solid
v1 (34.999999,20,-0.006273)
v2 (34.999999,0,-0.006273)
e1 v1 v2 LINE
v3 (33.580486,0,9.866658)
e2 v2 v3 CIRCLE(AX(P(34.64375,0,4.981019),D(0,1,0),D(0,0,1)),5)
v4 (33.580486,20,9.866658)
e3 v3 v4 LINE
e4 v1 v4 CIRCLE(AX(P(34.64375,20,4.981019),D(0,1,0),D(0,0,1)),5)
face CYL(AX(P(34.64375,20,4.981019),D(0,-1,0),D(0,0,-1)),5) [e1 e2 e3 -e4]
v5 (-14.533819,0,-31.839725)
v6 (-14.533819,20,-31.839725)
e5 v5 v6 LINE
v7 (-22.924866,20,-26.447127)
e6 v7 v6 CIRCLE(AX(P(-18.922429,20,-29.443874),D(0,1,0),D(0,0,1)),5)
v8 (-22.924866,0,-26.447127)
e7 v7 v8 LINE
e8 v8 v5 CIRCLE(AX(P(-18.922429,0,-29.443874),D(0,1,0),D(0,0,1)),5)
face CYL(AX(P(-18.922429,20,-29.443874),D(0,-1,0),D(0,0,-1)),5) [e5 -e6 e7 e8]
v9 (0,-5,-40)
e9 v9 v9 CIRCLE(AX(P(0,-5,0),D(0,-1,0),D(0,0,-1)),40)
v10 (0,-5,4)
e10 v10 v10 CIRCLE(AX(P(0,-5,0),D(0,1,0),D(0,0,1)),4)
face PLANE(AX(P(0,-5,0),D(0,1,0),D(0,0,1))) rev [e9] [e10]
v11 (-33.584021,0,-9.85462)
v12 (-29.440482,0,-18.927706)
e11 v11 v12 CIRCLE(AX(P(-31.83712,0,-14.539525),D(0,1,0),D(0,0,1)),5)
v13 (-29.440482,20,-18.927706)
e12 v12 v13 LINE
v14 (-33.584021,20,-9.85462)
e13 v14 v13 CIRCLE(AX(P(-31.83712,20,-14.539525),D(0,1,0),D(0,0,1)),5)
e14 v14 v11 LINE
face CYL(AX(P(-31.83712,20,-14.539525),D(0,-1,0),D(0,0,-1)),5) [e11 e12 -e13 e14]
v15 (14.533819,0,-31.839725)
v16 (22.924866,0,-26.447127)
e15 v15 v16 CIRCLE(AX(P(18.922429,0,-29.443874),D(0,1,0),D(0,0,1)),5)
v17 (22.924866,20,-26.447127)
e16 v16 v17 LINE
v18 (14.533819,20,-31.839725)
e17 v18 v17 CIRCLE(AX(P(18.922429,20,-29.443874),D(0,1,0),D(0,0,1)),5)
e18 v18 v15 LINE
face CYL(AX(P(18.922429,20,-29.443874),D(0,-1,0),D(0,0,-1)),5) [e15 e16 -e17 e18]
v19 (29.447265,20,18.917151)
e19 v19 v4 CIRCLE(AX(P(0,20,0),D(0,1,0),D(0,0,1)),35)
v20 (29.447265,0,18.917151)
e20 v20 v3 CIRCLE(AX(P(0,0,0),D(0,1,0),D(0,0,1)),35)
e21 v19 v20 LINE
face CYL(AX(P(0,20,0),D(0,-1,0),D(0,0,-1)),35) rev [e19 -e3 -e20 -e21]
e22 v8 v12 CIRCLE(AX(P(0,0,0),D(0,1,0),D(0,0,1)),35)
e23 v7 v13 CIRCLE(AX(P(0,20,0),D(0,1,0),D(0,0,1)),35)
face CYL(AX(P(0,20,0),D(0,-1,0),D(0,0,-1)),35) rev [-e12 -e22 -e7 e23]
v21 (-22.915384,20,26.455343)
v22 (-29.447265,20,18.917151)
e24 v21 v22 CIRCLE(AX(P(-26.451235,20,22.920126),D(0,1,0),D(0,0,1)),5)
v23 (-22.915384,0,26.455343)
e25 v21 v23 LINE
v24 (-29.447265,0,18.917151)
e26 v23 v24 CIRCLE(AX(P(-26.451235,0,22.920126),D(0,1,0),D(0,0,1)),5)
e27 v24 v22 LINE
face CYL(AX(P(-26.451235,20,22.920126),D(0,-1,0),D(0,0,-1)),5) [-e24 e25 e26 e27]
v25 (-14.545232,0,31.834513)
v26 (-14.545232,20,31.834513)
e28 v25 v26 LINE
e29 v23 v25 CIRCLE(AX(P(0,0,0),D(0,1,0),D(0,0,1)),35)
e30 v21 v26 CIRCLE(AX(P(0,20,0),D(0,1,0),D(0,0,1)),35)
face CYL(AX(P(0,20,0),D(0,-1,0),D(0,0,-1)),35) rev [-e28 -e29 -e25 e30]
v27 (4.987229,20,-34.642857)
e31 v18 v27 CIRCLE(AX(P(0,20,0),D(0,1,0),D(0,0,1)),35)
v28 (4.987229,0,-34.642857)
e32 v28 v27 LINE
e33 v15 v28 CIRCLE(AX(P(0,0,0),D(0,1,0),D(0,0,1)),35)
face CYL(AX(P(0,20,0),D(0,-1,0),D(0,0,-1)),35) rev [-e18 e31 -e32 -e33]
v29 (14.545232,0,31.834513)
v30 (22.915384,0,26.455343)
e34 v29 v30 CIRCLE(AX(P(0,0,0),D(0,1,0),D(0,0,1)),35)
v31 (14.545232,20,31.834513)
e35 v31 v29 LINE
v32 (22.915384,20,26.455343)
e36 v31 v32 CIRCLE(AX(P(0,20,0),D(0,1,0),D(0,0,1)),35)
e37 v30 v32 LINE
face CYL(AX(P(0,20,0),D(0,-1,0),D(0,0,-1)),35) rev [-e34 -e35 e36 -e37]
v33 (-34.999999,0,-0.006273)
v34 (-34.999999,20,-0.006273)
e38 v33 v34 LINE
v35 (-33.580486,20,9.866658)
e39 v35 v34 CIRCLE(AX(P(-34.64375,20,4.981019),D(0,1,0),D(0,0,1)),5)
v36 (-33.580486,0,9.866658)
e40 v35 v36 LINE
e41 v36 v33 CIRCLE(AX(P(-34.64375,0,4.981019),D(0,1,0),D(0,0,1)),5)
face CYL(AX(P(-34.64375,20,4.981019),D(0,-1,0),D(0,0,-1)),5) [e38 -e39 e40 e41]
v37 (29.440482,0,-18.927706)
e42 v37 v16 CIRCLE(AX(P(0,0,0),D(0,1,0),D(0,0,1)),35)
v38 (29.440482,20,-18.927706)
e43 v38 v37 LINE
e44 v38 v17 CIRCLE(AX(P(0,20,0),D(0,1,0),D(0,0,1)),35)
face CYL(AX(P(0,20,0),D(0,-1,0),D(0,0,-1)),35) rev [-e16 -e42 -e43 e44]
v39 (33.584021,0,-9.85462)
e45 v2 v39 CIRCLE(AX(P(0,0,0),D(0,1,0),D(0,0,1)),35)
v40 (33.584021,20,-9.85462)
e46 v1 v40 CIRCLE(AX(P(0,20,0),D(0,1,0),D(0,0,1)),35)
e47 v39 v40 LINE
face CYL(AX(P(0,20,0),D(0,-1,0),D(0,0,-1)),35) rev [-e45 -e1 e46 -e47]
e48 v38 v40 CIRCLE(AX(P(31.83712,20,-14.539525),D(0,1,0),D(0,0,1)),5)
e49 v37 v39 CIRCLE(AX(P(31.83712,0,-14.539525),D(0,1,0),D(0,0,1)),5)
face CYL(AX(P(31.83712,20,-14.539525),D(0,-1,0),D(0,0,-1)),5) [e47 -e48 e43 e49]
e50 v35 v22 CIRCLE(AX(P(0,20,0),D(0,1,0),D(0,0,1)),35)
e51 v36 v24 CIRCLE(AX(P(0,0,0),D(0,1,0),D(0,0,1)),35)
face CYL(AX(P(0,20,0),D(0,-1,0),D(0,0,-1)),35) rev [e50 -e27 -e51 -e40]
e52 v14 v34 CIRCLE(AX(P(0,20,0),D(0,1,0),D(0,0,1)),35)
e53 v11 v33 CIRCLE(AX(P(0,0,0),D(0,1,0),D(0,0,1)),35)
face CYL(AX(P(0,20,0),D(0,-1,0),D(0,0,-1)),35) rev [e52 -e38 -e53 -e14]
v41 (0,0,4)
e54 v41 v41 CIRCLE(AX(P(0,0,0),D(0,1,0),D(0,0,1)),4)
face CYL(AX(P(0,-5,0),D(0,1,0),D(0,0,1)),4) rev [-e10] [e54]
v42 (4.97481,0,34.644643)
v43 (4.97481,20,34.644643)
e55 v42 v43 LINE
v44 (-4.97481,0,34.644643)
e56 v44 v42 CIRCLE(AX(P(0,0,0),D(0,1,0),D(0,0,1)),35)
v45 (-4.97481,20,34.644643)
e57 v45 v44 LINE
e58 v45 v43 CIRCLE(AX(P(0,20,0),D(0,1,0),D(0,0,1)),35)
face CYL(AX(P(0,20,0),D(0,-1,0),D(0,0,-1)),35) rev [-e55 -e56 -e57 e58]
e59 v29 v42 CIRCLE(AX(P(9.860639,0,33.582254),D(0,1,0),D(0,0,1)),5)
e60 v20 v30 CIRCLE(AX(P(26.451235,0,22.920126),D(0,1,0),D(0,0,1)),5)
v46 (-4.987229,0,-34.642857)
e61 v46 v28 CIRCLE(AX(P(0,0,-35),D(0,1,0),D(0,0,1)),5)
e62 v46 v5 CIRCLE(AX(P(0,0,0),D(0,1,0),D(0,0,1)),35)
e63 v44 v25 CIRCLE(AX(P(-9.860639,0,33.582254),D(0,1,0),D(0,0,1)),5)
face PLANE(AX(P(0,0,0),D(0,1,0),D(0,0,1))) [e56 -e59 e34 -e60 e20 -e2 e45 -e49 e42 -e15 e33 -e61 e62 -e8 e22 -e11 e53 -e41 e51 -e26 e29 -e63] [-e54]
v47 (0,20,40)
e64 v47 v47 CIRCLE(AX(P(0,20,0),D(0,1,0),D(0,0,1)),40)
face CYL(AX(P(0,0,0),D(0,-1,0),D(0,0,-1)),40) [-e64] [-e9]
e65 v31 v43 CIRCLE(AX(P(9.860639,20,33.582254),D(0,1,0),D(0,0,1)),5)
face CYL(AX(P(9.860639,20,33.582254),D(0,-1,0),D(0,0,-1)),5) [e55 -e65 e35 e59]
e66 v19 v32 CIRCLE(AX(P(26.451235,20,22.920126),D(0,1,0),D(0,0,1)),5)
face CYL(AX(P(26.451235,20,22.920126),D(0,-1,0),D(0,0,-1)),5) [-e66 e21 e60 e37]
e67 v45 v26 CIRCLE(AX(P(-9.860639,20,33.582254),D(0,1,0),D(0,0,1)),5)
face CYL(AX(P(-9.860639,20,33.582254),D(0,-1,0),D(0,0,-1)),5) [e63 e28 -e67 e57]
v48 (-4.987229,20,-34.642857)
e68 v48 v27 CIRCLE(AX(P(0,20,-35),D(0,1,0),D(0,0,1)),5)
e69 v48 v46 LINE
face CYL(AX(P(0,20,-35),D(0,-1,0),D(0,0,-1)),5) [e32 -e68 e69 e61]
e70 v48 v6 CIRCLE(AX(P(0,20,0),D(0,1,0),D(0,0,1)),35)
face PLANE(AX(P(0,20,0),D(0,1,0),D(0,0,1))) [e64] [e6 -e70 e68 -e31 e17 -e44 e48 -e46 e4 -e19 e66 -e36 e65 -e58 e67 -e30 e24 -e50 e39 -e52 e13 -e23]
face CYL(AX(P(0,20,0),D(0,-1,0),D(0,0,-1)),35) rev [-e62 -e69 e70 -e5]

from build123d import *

# Parameters (mm, degrees)
SKETCH1_R              = 5
BOSS_EXTRUDE1_DEPTH    = 20
BOSS_EXTRUDE1_2_DEPTH  = 20
BOSS_EXTRUDE1_3_DEPTH  = 20
BOSS_EXTRUDE1_4_DEPTH  = 20
BOSS_EXTRUDE1_5_DEPTH  = 20
BOSS_EXTRUDE1_6_DEPTH  = 20
BOSS_EXTRUDE1_7_DEPTH  = 20
BOSS_EXTRUDE1_8_DEPTH  = 20
BOSS_EXTRUDE1_9_DEPTH  = 20
BOSS_EXTRUDE1_10_DEPTH = 20
BOSS_EXTRUDE1_11_DEPTH = 20
SKETCH2_R              = 35
SKETCH2_R_2            = 4
BOSS_EXTRUDE2_DEPTH    = 5
SKETCH3_W              = 0.25
SKETCH3_H              = 1.939339828
CUT_EXTRUDE1_DEPTH     = 0.1
BOSS_EXTRUDE4_START    = -5
SKETCH4_R              = 40
SKETCH4_R_2            = 35
BOSS_EXTRUDE4_DEPTH    = 5
BOSS_EXTRUDE5_START    = 20
SKETCH5_R              = 40
SKETCH5_R_2            = 35
BOSS_EXTRUDE5_DEPTH    = 20


with BuildPart() as part:
    # Sketch1 → Boss-Extrude1 (new body)
    with BuildSketch(Plane(origin=(0, 0, 0), x_dir=(1, 0, 0), z_dir=(0, 1, 0))):
        with Locations(Location((0, 35, 0), (0, 0, 270))):
            Circle(SKETCH1_R)
    extrude(amount=BOSS_EXTRUDE1_DEPTH)



with BuildPart() as body_2:
    # Sketch1 → Boss-Extrude1 2 (new body)
    with BuildSketch(Plane(origin=(0, 0, 0), x_dir=(1, 0, 0), z_dir=(0, 1, 0))):
        with Locations(Location((18.922428611, 29.443873649, 0), (0, 0, 270))):
            Circle(SKETCH1_R)
    extrude(amount=BOSS_EXTRUDE1_2_DEPTH)


with BuildPart() as body_3:
    # Sketch1 → Boss-Extrude1 3 (new body)
    with BuildSketch(Plane(origin=(0, 0, 0), x_dir=(1, 0, 0), z_dir=(0, 1, 0))):
        with Locations(Location((31.837119837, 14.539525455, 0), (0, 0, 270))):
            Circle(SKETCH1_R)
    extrude(amount=BOSS_EXTRUDE1_3_DEPTH)


with BuildPart() as body_4:
    # Sketch1 → Boss-Extrude1 4 (new body)
    with BuildSketch(Plane(origin=(0, 0, 0), x_dir=(1, 0, 0), z_dir=(0, 1, 0))):
        with Locations(Location((34.643750466, -4.98101934, 0), (0, 0, 270))):
            Circle(SKETCH1_R)
    extrude(amount=BOSS_EXTRUDE1_4_DEPTH)


with BuildPart() as body_5:
    # Sketch1 → Boss-Extrude1 5 (new body)
    with BuildSketch(Plane(origin=(0, 0, 0), x_dir=(1, 0, 0), z_dir=(0, 1, 0))):
        with Locations(Location((26.451235102, -22.920125688, 0), (0, 0, 270))):
            Circle(SKETCH1_R)
    extrude(amount=BOSS_EXTRUDE1_5_DEPTH)


with BuildPart() as body_6:
    # Sketch1 → Boss-Extrude1 6 (new body)
    with BuildSketch(Plane(origin=(0, 0, 0), x_dir=(1, 0, 0), z_dir=(0, 1, 0))):
        with Locations(Location((9.860639489, -33.582254077, 0), (0, 0, 270))):
            Circle(SKETCH1_R)
    extrude(amount=BOSS_EXTRUDE1_6_DEPTH)


with BuildPart() as body_7:
    # Sketch1 → Boss-Extrude1 7 (new body)
    with BuildSketch(Plane(origin=(0, 0, 0), x_dir=(1, 0, 0), z_dir=(0, 1, 0))):
        with Locations(Location((-9.860639489, -33.582254077, 0), (0, 0, 270))):
            Circle(SKETCH1_R)
    extrude(amount=BOSS_EXTRUDE1_7_DEPTH)


with BuildPart() as body_8:
    # Sketch1 → Boss-Extrude1 8 (new body)
    with BuildSketch(Plane(origin=(0, 0, 0), x_dir=(1, 0, 0), z_dir=(0, 1, 0))):
        with Locations(Location((-26.451235102, -22.920125688, 0), (0, 0, 270))):
            Circle(SKETCH1_R)
    extrude(amount=BOSS_EXTRUDE1_8_DEPTH)


with BuildPart() as body_9:
    # Sketch1 → Boss-Extrude1 9 (new body)
    with BuildSketch(Plane(origin=(0, 0, 0), x_dir=(1, 0, 0), z_dir=(0, 1, 0))):
        with Locations(Location((-34.643750466, -4.98101934, 0), (0, 0, 270))):
            Circle(SKETCH1_R)
    extrude(amount=BOSS_EXTRUDE1_9_DEPTH)


with BuildPart() as body_10:
    # Sketch1 → Boss-Extrude1 10 (new body)
    with BuildSketch(Plane(origin=(0, 0, 0), x_dir=(1, 0, 0), z_dir=(0, 1, 0))):
        with Locations(Location((-31.837119837, 14.539525455, 0), (0, 0, 270))):
            Circle(SKETCH1_R)
    extrude(amount=BOSS_EXTRUDE1_10_DEPTH)


with BuildPart() as body_11:
    # Sketch1 → Boss-Extrude1 11 (new body)
    with BuildSketch(Plane(origin=(0, 0, 0), x_dir=(1, 0, 0), z_dir=(0, 1, 0))):
        with Locations(Location((-18.922428611, 29.443873649, 0), (0, 0, 270))):
            Circle(SKETCH1_R)
    extrude(amount=BOSS_EXTRUDE1_11_DEPTH)


with BuildPart() as part_1:
    add(part.part)

    add(body_2.part)  # Boss-Extrude2 merges body 2

    add(body_3.part)  # Boss-Extrude2 merges body 3

    add(body_4.part)  # Boss-Extrude2 merges body 4

    add(body_5.part)  # Boss-Extrude2 merges body 5

    add(body_6.part)  # Boss-Extrude2 merges body 6

    add(body_7.part)  # Boss-Extrude2 merges body 7

    add(body_8.part)  # Boss-Extrude2 merges body 8

    add(body_9.part)  # Boss-Extrude2 merges body 9

    add(body_10.part)  # Boss-Extrude2 merges body 10

    add(body_11.part)  # Boss-Extrude2 merges body 11
    # Sketch2 → Boss-Extrude2 (add)
    with BuildSketch(Plane(origin=(0, 0, 0), x_dir=(1, 0, 0), z_dir=(0, 1, 0))):
        with Locations(Location((0, 0, 0), (0, 0, 270))):
            Circle(SKETCH2_R)
        with Locations(Location((0, 0, 0), (0, 0, 270))):
            Circle(SKETCH2_R_2, mode=Mode.SUBTRACT)
    extrude(amount=-BOSS_EXTRUDE2_DEPTH)

    # Sketch3 → Cut-Extrude1 (cut)
    with BuildSketch(Plane(origin=(0, 20, 0), x_dir=(1, 0, 0), z_dir=(0, 1, 0))):
        Polygon((-1.060660172, 36.939339828), (-0.25, 36.939339828), (-0.25, 37.75), align=None)
        Polygon((-0.25, 36.939339828), (0, 36.939339828), (0, 38), (-0.25, 37.75), align=None)
        Polygon((0, 38), (0, 36.939339828), (0.25, 36.939339828), (0.25, 37.75), align=None)
        Polygon((0.25, 37.75), (0.25, 36.939339828), (1.060660172, 36.939339828), align=None)
        with Locations((0.125, 35.969669914)):
            Rectangle(SKETCH3_W, SKETCH3_H)
        with Locations((-0.125, 35.969669914)):
            Rectangle(SKETCH3_W, SKETCH3_H)
    extrude(amount=-CUT_EXTRUDE1_DEPTH, mode=Mode.SUBTRACT)

    # Sketch4 → Boss-Extrude4 (add)
    with BuildSketch(Plane.XZ.offset(5).offset(BOSS_EXTRUDE4_START)):
        with Locations(Location((0, 0, 0), (0, 0, 270))):
            Circle(SKETCH4_R)
        Circle(SKETCH4_R_2, mode=Mode.SUBTRACT)
    extrude(amount=BOSS_EXTRUDE4_DEPTH)

    # Sketch5 → Boss-Extrude5 (add)
    with BuildSketch(Plane(origin=(0, 0, 0), x_dir=(1, 0, 0), z_dir=(0, 1, 0)).offset(BOSS_EXTRUDE5_START)):
        with Locations(Location((0, 0, 0), (0, 0, 90))):
            Circle(SKETCH5_R)
        Circle(SKETCH5_R_2, mode=Mode.SUBTRACT)
    extrude(amount=-BOSS_EXTRUDE5_DEPTH)


solid = part_1.part
